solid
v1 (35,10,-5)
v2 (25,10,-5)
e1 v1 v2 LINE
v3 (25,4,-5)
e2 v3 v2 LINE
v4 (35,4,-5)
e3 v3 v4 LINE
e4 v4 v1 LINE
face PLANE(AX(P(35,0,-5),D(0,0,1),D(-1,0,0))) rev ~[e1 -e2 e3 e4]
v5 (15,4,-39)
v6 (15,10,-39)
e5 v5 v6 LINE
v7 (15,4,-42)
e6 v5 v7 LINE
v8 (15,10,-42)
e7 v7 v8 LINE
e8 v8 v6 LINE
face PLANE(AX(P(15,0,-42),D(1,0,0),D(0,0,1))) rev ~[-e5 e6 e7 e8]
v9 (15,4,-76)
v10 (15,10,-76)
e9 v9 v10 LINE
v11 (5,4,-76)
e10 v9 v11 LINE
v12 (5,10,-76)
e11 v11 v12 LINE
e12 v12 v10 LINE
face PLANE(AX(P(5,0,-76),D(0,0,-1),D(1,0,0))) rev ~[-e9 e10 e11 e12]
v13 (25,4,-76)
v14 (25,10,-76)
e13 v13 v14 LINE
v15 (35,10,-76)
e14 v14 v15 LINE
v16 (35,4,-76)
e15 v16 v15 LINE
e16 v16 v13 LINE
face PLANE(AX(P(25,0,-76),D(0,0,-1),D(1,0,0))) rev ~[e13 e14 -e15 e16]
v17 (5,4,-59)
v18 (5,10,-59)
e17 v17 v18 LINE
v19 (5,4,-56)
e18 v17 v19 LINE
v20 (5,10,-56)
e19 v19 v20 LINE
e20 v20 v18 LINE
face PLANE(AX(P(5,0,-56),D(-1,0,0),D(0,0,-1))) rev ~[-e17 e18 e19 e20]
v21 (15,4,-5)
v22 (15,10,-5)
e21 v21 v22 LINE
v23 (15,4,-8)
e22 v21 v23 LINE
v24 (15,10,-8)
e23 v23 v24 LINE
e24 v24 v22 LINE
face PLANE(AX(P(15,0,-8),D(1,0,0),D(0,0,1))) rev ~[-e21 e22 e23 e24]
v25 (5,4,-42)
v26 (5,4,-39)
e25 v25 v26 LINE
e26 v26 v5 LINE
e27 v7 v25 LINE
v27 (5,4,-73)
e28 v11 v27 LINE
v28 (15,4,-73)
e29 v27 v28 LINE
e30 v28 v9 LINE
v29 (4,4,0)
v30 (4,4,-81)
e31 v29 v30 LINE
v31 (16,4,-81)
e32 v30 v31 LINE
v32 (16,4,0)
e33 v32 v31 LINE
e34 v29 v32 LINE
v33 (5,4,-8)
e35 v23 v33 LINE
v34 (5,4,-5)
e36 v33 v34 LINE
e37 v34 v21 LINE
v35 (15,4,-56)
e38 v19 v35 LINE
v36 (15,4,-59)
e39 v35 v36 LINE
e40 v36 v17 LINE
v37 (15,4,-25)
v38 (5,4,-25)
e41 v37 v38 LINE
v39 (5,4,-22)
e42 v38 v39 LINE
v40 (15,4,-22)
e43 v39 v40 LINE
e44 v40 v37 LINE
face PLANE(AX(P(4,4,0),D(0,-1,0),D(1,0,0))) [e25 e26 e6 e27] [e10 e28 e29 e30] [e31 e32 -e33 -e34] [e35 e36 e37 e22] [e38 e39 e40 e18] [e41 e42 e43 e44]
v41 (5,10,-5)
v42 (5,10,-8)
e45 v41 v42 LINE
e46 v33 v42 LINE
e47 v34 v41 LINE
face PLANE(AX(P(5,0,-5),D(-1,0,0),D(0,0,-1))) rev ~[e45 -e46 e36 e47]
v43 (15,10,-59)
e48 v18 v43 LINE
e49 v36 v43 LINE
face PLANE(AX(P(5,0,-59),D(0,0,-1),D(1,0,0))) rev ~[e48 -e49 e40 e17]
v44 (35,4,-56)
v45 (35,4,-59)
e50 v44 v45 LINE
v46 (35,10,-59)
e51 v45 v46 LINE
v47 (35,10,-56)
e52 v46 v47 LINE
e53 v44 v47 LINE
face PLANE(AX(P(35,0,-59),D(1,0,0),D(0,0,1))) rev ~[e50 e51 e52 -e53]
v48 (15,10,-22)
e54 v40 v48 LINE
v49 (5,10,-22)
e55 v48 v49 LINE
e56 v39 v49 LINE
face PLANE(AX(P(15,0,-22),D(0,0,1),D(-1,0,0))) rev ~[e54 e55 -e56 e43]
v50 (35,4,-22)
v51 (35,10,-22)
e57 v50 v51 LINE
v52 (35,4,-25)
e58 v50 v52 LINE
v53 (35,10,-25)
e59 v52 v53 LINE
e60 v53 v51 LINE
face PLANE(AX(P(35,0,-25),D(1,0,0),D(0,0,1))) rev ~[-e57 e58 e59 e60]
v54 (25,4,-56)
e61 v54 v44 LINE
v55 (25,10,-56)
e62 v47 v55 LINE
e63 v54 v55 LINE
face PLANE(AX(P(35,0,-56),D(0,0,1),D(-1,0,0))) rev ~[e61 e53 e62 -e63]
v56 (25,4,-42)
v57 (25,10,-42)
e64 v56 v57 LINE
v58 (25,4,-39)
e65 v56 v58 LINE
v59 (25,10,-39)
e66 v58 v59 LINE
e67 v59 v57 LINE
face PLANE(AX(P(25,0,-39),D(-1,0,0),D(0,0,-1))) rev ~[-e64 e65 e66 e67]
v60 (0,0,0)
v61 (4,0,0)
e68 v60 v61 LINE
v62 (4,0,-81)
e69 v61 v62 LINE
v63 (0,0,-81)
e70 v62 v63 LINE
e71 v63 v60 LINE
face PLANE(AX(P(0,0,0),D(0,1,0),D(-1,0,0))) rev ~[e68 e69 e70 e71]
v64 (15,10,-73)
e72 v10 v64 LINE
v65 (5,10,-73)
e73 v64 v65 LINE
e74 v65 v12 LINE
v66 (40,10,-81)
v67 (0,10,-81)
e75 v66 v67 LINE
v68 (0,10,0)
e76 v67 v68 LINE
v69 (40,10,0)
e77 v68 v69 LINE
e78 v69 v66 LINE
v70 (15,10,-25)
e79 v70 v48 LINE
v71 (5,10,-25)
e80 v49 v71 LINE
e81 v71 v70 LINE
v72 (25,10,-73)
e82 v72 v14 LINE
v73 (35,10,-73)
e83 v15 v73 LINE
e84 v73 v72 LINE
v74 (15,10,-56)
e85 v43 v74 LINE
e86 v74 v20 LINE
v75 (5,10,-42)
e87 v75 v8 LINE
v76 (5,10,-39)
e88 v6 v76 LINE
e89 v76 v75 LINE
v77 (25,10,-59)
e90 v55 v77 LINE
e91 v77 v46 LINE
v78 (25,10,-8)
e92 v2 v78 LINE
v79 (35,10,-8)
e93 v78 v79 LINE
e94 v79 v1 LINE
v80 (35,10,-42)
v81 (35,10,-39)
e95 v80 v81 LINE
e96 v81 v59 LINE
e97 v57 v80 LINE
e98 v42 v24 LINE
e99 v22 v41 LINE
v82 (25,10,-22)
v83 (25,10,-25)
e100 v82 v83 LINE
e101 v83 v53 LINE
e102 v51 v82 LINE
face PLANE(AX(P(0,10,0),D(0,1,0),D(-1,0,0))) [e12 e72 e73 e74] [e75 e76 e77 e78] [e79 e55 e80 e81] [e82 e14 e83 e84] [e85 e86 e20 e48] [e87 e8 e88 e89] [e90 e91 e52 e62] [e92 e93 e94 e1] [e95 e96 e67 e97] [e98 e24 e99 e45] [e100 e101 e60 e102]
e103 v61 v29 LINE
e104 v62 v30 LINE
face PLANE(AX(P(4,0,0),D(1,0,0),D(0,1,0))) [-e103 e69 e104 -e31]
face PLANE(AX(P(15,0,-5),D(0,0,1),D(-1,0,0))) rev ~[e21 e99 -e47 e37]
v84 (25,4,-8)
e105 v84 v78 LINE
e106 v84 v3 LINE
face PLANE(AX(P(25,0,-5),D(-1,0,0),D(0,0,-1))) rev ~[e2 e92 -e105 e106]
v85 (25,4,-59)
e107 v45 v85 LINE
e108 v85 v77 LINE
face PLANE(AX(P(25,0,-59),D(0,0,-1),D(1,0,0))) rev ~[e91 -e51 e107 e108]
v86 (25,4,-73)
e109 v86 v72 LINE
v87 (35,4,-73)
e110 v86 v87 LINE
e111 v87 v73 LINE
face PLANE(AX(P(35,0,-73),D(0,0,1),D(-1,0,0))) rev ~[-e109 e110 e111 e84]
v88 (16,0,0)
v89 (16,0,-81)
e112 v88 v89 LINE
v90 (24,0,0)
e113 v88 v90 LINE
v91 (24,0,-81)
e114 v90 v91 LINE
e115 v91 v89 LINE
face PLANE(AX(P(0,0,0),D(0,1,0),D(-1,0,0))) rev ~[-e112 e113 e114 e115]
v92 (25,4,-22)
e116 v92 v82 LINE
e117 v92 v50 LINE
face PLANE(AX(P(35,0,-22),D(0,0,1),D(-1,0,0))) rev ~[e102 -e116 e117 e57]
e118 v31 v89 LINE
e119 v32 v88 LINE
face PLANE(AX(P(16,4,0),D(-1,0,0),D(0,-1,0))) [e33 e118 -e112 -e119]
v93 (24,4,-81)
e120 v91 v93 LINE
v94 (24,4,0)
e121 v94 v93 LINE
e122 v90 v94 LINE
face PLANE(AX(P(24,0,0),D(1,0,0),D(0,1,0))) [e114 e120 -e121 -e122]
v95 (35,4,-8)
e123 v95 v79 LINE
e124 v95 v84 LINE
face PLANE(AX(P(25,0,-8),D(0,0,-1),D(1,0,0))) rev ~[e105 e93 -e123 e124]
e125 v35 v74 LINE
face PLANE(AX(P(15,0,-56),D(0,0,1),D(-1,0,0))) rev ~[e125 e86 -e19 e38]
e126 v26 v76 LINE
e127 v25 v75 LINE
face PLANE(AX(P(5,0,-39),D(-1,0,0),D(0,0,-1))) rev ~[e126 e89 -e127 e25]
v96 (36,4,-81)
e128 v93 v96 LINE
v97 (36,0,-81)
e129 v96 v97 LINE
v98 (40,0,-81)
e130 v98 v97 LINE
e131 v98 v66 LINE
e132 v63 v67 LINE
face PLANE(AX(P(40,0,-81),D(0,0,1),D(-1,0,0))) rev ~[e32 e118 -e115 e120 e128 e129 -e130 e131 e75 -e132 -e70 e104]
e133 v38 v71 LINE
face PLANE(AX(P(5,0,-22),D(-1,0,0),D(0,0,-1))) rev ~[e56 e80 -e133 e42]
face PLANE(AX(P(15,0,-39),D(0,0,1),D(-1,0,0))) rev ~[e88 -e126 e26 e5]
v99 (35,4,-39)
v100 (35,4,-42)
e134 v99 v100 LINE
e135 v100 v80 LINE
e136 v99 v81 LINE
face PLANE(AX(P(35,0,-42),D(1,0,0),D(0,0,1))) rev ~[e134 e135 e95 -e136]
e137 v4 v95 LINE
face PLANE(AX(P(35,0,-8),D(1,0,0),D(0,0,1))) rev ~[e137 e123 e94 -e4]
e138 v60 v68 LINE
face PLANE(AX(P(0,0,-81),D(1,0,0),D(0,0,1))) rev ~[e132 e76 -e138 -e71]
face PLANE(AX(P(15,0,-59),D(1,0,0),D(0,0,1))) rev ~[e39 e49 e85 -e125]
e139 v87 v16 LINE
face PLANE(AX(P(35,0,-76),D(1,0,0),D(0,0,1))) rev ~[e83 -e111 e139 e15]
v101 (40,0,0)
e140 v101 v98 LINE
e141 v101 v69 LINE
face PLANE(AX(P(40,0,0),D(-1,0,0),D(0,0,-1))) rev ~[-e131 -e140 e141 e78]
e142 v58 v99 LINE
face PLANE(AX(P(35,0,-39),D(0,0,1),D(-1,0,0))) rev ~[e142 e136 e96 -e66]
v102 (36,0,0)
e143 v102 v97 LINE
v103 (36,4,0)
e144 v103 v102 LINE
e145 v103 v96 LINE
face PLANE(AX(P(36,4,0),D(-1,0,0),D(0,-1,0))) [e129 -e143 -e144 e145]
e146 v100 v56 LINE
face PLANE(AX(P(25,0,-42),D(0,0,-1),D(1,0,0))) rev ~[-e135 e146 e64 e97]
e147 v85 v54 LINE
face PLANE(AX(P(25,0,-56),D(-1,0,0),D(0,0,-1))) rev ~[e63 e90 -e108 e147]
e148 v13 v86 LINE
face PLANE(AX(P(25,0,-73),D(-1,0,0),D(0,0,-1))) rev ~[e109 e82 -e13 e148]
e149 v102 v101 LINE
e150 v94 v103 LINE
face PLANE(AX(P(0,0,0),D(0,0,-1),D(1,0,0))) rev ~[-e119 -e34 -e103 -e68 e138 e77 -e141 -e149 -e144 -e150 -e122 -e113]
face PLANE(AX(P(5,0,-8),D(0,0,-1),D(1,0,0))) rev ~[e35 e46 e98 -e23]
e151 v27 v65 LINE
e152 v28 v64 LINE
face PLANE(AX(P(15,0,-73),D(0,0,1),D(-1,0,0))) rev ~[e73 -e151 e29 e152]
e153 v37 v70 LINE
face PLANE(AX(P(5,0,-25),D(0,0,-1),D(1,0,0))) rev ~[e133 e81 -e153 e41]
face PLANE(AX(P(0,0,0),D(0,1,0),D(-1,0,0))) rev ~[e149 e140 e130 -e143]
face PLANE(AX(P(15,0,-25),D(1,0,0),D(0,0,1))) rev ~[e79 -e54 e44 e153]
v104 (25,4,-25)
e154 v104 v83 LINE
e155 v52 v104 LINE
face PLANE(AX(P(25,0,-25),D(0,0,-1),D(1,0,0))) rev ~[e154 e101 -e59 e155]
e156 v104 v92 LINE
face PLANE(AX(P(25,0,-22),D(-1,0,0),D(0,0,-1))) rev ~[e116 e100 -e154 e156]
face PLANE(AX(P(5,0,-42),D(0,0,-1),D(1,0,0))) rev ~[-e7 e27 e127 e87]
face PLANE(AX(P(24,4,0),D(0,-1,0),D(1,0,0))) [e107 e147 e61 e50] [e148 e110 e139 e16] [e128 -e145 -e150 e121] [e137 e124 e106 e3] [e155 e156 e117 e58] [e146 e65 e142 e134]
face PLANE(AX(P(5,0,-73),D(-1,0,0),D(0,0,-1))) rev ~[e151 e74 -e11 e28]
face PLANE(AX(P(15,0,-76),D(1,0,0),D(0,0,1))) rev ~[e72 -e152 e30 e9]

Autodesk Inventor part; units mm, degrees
ref_plane "YZ Plane" through (0, 0, 0) normal (1, 0, 0) x (0, 1, 0)
ref_plane "XZ Plane" through (0, 0, 0) normal (0, 1, 0) x (-1, 0, 0)
ref_plane "XY Plane" through (0, 0, 0) normal (0, 0, 1) x (1, 0, 0)
sketch "Skizze1" plane through (0, 0, 0) normal (0, 1, 0) x (-1, 0, 0)
  line L0 (0, 0) -> (-40, 0)
  line L1 (-40, 0) -> (-40, -81)
  line L2 (-40, -81) -> (0, -81)
  line L3 (0, -81) -> (0, 0)
  line L4 (-5, -8) -> (-15, -8)
  line L5 (-15, -8) -> (-15, -5)
  line L6 (-15, -5) -> (-5, -5)
  line L7 (-5, -5) -> (-5, -8)
  line L8 (-25, -8) -> (-35, -8)
  line L9 (-35, -8) -> (-35, -5)
  line L10 (-35, -5) -> (-25, -5)
  line L11 (-25, -5) -> (-25, -8)
  line L12 (-5, -25) -> (-15, -25)
  line L13 (-15, -25) -> (-15, -22)
  line L14 (-15, -22) -> (-5, -22)
  line L15 (-5, -22) -> (-5, -25)
  line L16 (-25, -25) -> (-35, -25)
  line L17 (-35, -25) -> (-35, -22)
  line L18 (-35, -22) -> (-25, -22)
  line L19 (-25, -22) -> (-25, -25)
  line L20 (-5, -42) -> (-15, -42)
  line L21 (-15, -42) -> (-15, -39)
  line L22 (-15, -39) -> (-5, -39)
  line L23 (-5, -39) -> (-5, -42)
  line L24 (-25, -42) -> (-35, -42)
  line L25 (-35, -42) -> (-35, -39)
  line L26 (-35, -39) -> (-25, -39)
  line L27 (-25, -39) -> (-25, -42)
  line L28 (-5, -59) -> (-15, -59)
  line L29 (-15, -59) -> (-15, -56)
  line L30 (-15, -56) -> (-5, -56)
  line L31 (-5, -56) -> (-5, -59)
  line L32 (-25, -59) -> (-35, -59)
  line L33 (-35, -59) -> (-35, -56)
  line L34 (-35, -56) -> (-25, -56)
  line L35 (-25, -56) -> (-25, -59)
  line L36 (-5, -76) -> (-15, -76)
  line L37 (-15, -76) -> (-15, -73)
  line L38 (-15, -73) -> (-5, -73)
  line L39 (-5, -73) -> (-5, -76)
  line L40 (-25, -76) -> (-35, -76)
  line L41 (-35, -76) -> (-35, -73)
  line L42 (-35, -73) -> (-25, -73)
  line L43 (-25, -73) -> (-25, -76)
  line L44 (-15, -40.5) -> (-25, -40.5) construction
  line L45 (-20, -76) -> (-20, -5) construction
  point P0 (-20, -40.5)
  point P1 (-40, -40.5)
  point P2 (-20, -81)
  dimension "d0" = 3
  dimension "d1" = 10
  dimension "d4" = 20
  dimension "d7" = 17
  dimension "d12" = 5
  dimension "d13" = 5
extrude "Extrusion1" add sketch "Skizze1" along normal blind 10
sketch "Skizze2" plane through (0, 0, 0) normal (0, 0, 1) x (1, 0, 0)
  line L0 (0, 0) -> (40, 0) projected
  line L1 (40, 0) -> (40, 10) projected
  line L2 (0, 10) -> (40, 10) projected
  line L3 (0, 0) -> (0, 10) projected
  line L4 (4, 0) -> (4, 4)
  line L5 (4, 4) -> (16, 4)
  line L6 (16, 4) -> (16, 0)
  line L7 (15, 0) -> (5, 0) projected
  line L8 (0, 0) -> (40, 0) projected
  line L9 (24, 0) -> (24, 4)
  line L10 (24, 4) -> (36, 4)
  line L11 (36, 4) -> (36, 0)
  line L12 (35, 0) -> (25, 0) projected
  line L13 (16, 2) -> (24, 2) construction
  point P0 (20, 0)
  point P1 (20, 2)
  point P2 (20, 0)
  dimension "d16" = 4
  dimension "d17" = 12
  dimension "d22" = 8
extrude "Extrusion2" cut sketch "Skizze2" against normal through all contours L4 L5 L6 L0 | L0 L9 L10 L11
properties part number "pane_stabilisor"
